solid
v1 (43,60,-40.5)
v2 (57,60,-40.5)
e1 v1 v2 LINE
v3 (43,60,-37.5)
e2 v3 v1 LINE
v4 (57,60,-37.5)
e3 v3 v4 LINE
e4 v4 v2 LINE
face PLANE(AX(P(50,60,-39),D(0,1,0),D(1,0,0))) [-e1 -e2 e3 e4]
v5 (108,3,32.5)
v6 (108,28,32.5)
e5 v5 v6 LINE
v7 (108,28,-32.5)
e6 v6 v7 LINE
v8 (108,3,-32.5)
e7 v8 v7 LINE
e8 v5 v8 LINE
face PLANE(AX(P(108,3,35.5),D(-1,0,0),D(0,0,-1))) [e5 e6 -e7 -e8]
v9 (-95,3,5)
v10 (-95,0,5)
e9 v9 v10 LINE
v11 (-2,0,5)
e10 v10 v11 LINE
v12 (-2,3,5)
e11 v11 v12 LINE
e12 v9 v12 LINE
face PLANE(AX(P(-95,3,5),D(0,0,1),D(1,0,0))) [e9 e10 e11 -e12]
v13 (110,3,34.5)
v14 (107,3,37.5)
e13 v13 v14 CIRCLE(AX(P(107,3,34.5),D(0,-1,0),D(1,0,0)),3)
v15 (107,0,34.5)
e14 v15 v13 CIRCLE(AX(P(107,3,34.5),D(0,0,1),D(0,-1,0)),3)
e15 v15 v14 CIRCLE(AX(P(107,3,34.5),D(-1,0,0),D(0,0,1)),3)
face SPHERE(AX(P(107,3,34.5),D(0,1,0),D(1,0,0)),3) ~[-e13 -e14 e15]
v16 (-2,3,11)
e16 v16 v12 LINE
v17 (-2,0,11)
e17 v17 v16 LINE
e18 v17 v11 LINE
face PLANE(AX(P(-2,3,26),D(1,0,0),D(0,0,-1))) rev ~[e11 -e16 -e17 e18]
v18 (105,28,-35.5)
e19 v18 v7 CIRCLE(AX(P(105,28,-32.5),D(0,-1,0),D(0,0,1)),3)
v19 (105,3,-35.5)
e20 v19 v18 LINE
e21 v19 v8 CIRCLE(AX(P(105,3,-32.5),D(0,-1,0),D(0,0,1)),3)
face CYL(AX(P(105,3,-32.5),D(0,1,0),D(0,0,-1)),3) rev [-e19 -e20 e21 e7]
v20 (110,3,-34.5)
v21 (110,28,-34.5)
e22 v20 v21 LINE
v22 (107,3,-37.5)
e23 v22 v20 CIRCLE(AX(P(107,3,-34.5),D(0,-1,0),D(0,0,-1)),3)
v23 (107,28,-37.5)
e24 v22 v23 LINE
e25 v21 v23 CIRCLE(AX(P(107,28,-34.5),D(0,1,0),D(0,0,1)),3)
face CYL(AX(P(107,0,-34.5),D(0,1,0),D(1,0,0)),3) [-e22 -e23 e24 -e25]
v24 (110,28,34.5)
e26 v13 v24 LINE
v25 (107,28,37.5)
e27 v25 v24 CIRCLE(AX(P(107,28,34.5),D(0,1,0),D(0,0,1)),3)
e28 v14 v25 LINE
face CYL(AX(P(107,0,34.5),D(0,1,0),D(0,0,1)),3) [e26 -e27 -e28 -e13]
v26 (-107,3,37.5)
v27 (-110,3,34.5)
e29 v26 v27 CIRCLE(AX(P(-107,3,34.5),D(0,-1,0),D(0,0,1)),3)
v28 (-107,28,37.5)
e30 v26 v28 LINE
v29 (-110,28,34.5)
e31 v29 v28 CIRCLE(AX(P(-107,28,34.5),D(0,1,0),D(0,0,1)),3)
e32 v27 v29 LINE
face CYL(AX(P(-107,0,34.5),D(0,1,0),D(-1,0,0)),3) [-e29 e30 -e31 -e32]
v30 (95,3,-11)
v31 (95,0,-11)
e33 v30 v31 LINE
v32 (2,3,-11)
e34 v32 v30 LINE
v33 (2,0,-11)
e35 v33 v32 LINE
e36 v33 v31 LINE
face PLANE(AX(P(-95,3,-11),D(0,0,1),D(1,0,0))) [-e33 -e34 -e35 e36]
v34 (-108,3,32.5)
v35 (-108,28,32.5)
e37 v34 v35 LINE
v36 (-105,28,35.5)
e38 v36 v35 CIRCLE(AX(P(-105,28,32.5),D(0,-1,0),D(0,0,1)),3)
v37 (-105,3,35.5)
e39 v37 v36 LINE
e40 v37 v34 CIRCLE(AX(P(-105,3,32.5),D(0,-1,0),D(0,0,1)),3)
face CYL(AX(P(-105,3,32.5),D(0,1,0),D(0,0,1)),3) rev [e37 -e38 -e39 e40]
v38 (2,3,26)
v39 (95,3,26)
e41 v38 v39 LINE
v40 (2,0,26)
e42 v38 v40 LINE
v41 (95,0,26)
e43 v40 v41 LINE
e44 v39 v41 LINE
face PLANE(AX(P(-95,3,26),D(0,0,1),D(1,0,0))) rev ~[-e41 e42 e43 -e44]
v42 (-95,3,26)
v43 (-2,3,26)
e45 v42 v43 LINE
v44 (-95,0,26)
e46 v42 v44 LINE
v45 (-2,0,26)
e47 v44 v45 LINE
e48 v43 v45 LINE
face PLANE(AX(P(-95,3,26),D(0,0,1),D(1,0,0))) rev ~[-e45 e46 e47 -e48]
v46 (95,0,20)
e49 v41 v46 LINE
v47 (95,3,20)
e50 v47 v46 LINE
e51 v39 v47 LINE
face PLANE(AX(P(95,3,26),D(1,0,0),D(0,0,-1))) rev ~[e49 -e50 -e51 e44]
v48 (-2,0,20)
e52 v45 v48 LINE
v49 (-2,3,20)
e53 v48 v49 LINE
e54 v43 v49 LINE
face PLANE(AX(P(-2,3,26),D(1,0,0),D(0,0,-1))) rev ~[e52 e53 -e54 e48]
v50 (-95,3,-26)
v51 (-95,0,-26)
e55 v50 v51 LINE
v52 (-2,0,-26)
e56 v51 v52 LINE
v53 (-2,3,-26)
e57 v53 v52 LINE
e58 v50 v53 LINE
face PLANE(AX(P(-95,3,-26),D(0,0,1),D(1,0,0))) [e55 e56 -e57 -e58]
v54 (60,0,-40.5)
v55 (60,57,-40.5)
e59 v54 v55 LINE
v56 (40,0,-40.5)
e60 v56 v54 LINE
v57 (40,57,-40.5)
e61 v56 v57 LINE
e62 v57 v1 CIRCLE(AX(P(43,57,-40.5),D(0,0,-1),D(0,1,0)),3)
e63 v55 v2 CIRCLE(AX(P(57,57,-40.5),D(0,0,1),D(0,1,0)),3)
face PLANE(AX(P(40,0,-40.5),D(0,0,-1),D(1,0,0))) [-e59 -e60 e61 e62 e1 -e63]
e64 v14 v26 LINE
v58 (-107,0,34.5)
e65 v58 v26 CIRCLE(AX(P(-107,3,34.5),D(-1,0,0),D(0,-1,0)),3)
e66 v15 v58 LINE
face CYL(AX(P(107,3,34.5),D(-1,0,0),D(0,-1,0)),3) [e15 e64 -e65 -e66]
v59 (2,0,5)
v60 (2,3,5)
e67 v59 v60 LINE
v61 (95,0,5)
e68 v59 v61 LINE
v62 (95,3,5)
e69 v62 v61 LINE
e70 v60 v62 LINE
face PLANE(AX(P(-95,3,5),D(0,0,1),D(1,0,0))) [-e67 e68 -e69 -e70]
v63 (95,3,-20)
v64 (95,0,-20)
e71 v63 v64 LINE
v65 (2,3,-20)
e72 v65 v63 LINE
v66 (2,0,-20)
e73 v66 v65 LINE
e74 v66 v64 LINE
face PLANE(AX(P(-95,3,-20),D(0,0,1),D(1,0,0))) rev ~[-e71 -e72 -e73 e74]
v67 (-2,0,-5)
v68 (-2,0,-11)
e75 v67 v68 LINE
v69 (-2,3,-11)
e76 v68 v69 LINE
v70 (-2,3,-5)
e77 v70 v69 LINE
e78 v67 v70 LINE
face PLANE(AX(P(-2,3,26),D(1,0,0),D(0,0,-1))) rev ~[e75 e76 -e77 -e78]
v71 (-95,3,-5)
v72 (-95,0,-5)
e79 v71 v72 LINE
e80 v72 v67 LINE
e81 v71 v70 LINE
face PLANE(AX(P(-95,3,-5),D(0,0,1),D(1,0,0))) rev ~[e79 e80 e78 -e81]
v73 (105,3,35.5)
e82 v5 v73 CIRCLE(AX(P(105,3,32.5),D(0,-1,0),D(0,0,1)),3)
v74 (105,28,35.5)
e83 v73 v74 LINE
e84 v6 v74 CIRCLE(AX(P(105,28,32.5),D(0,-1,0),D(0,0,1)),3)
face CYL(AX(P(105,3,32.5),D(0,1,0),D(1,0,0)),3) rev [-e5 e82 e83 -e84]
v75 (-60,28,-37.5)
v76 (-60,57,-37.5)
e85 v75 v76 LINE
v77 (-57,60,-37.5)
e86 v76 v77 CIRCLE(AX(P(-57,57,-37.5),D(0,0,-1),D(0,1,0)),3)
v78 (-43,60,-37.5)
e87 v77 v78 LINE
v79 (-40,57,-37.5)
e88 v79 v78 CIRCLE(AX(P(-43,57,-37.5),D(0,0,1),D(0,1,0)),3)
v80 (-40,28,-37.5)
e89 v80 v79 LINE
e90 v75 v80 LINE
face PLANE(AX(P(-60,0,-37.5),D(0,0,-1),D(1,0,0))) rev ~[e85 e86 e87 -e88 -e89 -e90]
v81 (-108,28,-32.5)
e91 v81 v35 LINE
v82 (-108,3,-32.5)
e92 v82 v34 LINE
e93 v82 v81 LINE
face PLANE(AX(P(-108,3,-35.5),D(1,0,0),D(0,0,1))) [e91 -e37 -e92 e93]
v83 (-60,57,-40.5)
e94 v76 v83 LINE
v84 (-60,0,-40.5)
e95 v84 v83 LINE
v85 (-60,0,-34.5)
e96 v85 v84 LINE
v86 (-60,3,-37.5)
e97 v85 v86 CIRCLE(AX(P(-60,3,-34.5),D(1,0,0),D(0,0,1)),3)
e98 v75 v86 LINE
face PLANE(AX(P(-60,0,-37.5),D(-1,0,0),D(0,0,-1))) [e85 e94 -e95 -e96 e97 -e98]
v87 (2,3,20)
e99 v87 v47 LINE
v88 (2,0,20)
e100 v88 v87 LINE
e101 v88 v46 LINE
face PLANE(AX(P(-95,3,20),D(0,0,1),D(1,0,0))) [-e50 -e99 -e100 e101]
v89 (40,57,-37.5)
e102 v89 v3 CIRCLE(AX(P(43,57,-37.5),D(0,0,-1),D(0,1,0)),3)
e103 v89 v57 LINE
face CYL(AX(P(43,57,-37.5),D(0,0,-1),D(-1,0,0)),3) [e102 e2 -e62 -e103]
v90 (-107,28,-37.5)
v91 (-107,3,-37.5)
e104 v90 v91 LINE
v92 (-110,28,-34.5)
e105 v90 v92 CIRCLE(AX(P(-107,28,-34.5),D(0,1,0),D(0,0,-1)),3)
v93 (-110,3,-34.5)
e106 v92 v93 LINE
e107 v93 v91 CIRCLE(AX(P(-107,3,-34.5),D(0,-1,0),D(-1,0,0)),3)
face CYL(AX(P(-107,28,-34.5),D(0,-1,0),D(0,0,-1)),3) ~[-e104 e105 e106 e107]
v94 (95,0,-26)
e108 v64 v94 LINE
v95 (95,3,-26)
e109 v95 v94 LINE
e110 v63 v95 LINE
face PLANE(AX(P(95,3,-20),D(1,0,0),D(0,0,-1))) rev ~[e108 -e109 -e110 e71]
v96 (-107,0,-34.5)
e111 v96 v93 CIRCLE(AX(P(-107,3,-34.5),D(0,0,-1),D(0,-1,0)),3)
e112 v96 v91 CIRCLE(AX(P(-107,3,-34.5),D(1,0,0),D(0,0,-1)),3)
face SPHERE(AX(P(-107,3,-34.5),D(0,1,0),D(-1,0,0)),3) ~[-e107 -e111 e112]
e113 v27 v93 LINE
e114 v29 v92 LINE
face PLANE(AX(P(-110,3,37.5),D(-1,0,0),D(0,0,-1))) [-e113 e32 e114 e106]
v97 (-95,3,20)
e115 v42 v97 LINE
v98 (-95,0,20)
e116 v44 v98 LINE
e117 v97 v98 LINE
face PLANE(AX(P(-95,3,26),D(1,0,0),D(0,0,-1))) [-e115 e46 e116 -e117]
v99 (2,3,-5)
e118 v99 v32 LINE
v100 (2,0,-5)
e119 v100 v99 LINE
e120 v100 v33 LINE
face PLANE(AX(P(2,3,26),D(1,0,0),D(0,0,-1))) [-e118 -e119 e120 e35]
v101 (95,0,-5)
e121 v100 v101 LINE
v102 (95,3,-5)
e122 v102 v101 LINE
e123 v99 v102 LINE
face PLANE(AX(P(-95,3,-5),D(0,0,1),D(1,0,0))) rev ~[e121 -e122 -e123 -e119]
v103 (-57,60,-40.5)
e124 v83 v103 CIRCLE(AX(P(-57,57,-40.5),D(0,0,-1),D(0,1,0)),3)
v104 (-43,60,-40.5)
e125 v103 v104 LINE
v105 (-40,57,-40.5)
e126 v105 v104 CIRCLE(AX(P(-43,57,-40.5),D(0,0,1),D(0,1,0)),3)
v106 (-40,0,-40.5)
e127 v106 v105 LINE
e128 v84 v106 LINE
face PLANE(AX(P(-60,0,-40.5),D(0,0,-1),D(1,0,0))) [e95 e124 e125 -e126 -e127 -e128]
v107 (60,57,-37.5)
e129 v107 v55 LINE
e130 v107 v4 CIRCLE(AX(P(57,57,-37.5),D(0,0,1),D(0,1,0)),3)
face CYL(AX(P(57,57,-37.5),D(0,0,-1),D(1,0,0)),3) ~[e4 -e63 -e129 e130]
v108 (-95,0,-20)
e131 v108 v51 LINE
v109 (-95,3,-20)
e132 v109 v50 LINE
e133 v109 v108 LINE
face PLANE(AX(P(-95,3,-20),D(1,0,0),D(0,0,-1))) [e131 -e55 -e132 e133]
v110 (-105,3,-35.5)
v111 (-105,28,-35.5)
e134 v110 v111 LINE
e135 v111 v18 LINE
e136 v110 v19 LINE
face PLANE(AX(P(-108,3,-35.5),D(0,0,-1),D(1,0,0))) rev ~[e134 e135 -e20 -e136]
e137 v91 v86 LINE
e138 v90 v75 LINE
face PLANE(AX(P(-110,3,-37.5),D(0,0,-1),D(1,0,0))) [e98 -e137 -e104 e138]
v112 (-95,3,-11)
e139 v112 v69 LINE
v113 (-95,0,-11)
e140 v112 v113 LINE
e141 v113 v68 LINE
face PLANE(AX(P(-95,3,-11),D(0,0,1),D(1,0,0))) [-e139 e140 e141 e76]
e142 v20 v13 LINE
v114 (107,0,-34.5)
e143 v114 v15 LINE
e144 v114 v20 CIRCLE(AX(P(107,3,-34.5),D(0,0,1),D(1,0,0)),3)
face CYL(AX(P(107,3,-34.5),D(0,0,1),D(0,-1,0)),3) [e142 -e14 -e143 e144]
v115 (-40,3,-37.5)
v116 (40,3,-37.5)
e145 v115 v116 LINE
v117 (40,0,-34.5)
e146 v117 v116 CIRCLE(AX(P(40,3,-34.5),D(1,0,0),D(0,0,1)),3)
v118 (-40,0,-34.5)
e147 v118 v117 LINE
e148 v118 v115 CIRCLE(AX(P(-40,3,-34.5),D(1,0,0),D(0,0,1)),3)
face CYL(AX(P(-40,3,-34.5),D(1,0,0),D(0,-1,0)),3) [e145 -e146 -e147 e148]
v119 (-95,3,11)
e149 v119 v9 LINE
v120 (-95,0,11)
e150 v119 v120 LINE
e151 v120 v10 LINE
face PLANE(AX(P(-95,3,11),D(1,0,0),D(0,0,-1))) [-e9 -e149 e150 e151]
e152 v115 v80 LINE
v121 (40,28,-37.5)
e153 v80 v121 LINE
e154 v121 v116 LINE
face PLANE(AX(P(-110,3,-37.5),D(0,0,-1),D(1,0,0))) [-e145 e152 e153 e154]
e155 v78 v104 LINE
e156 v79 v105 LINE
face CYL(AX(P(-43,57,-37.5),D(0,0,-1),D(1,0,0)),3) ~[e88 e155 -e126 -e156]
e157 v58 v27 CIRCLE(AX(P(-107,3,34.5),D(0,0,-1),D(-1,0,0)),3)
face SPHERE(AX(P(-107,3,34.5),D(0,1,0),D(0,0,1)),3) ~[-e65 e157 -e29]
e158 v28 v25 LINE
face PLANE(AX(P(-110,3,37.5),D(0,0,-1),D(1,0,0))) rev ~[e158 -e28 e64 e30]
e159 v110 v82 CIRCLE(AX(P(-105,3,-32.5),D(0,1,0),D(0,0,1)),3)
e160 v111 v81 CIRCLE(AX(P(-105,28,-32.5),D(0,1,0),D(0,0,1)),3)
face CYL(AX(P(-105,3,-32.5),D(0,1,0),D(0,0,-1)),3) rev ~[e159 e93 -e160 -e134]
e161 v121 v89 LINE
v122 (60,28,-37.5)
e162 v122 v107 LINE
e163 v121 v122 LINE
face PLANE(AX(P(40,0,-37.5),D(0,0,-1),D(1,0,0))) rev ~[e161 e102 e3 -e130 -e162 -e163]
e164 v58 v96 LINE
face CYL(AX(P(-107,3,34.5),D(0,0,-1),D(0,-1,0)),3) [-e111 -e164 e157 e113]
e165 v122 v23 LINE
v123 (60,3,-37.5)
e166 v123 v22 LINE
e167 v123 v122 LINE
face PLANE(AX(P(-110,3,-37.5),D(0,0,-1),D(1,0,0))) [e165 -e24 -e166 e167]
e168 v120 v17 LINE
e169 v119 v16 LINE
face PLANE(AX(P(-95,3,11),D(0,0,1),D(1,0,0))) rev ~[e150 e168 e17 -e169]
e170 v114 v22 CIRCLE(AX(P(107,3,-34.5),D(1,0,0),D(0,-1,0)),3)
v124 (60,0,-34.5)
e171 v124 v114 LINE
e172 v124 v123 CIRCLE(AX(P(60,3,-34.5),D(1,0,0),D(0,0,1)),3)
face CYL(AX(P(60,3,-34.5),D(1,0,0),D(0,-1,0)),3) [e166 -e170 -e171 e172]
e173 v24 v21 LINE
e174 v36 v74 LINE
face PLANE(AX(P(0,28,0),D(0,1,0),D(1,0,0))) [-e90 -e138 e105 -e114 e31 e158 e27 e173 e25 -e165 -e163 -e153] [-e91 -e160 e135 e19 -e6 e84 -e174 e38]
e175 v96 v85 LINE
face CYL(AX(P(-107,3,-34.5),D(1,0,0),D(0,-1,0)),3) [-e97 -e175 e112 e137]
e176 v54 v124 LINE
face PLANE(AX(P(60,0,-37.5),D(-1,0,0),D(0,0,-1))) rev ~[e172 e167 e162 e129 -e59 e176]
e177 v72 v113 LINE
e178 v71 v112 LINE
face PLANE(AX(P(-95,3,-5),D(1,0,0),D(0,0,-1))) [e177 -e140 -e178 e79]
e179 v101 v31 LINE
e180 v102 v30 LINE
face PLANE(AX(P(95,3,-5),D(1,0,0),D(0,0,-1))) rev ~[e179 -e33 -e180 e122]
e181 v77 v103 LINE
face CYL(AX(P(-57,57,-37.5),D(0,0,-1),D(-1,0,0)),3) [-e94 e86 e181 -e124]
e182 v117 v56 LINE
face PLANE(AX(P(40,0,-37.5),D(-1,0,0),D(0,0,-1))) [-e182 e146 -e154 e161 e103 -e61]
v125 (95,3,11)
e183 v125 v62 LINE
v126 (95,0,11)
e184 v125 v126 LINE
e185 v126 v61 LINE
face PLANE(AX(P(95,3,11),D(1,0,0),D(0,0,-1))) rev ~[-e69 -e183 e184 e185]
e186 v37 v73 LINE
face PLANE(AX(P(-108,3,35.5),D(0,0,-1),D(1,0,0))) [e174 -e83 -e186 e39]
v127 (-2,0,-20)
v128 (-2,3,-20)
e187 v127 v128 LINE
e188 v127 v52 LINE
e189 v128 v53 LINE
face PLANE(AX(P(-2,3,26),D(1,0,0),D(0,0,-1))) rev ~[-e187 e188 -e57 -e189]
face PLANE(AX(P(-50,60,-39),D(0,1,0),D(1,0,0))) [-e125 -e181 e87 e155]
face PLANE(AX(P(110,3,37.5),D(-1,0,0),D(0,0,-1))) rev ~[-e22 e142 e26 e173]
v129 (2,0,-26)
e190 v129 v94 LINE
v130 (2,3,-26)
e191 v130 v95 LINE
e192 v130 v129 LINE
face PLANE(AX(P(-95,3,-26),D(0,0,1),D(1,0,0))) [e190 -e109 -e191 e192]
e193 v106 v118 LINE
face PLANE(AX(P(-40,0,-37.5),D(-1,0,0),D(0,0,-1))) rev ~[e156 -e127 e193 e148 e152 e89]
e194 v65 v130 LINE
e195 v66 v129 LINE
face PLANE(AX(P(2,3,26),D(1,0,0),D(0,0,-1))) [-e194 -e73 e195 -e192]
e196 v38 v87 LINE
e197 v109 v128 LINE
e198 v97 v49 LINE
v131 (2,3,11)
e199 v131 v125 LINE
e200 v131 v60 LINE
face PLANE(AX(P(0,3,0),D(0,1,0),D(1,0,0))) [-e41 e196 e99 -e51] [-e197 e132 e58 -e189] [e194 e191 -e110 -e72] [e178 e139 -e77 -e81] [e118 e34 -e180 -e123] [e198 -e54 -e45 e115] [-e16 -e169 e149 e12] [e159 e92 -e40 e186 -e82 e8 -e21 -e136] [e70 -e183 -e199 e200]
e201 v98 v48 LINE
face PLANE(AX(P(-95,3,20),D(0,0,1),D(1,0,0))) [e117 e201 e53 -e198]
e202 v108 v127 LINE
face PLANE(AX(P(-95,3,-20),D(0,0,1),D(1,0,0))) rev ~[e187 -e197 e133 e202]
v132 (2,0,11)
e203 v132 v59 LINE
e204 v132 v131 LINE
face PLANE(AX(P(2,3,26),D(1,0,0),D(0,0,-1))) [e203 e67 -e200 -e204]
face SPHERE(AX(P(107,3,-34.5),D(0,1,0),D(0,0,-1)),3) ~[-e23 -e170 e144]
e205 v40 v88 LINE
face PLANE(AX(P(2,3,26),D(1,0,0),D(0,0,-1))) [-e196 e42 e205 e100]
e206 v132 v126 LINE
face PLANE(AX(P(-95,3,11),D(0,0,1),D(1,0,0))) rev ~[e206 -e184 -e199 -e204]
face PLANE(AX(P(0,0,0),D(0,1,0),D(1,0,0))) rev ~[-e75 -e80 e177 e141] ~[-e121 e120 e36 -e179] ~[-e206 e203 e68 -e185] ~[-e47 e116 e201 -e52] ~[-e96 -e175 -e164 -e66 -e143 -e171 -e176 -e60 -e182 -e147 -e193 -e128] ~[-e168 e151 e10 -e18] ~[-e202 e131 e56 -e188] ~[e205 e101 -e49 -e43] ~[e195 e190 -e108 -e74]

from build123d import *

# Parameters (mm, degrees)
SKIZZE1_W                       = 220
SKIZZE1_H                       = 75
AUFSATZ_LINEAR_AUSTRAGEN1_DEPTH = 3
SKIZZE3_W                       = 20
SKIZZE3_H                       = 3
AUFSATZ_LINEAR_AUSTRAGEN3_DEPTH = 60
SKIZZE4_W                       = 220
SKIZZE4_H                       = 75
AUFSATZ_LINEAR_AUSTRAGEN4_DEPTH = 25
SKIZZE5_W                       = 190
SKIZZE5_H                       = 6
SCHNITT_LINEAR_AUSTRAGEN1_DEPTH = 131.342817217
SKIZZE6_W                       = 4
SKIZZE6_H                       = 52
AUFSATZ_LINEAR_AUSTRAGEN5_DEPTH = 3
VERRUNDUNG1_R                   = 3
VERRUNDUNG2_R                   = 3
VERRUNDUNG3_R                   = 3
VERRUNDUNG4_R                   = 3


with BuildPart() as part:
    # Skizze1 → Aufsatz-Linear austragen1 (new body)
    with BuildSketch(Plane(origin=(0, 0, 0), x_dir=(1, 0, 0), z_dir=(0, 1, 0))):
        Rectangle(SKIZZE1_W, SKIZZE1_H)
    extrude(amount=AUFSATZ_LINEAR_AUSTRAGEN1_DEPTH)

    # Skizze3 → Aufsatz-Linear austragen3 (add)
    with BuildSketch(Plane(origin=(0, 0, 0), x_dir=(1, 0, 0), z_dir=(0, 1, 0))):
        with Locations((50, 39)):
            Rectangle(SKIZZE3_W, SKIZZE3_H)
        with Locations((-50, 39)):
            Rectangle(SKIZZE3_W, SKIZZE3_H)
    extrude(amount=AUFSATZ_LINEAR_AUSTRAGEN3_DEPTH)

    # Skizze4 → Aufsatz-Linear austragen4 (add)
    with BuildSketch(Plane(origin=(0, 3, 0), x_dir=(1, 0, 0), z_dir=(0, 1, 0))):
        Rectangle(SKIZZE4_W, SKIZZE4_H)
        Polygon((108, 35.5), (60, 35.5), (40, 35.5), (-40, 35.5), (-60, 35.5), (-108, 35.5), (-108, -35.5), (108, -35.5), align=None, mode=Mode.SUBTRACT)
    extrude(amount=AUFSATZ_LINEAR_AUSTRAGEN4_DEPTH)

    # Skizze5 → Schnitt-Linear austragen1 (cut, through all)
    with BuildSketch(Plane(origin=(0, 3, 0), x_dir=(1, 0, 0), z_dir=(0, 1, 0))):
        with Locations((0, 23)):
            Rectangle(SKIZZE5_W, SKIZZE5_H)
        with Locations((0, 8)):
            Rectangle(SKIZZE5_W, SKIZZE5_H)
        with Locations((0, -8)):
            Rectangle(SKIZZE5_W, SKIZZE5_H)
        with Locations((0, -23)):
            Rectangle(SKIZZE5_W, SKIZZE5_H)
    extrude(amount=-SCHNITT_LINEAR_AUSTRAGEN1_DEPTH, mode=Mode.SUBTRACT)

    # Skizze6 → Aufsatz-Linear austragen5 (add, through all)
    with BuildSketch(Plane(origin=(0, 3, 0), x_dir=(1, 0, 0), z_dir=(0, 1, 0))):
        Rectangle(SKIZZE6_W, SKIZZE6_H)
    extrude(amount=-AUFSATZ_LINEAR_AUSTRAGEN5_DEPTH)

    # Verrundung1
    verrundung1_edges = [part.edges().sort_by_distance(p)[0] for p in [
        (40, 60, -39),
        (60, 60, -39),
        (-40, 60, -39),
        (-60, 60, -39),
    ]]
    fillet(verrundung1_edges, radius=VERRUNDUNG1_R)

    # Verrundung2
    verrundung2_edges = [part.edges().sort_by_distance(p)[0] for p in [
        (108, 15.5, -35.5),
        (-108, 15.5, -35.5),
        (-108, 15.5, 35.5),
        (108, 15.5, 35.5),
        (110, 14, -37.5),
        (110, 14, 37.5),
        (-110, 14, 37.5),
        (-110, 14, -37.5),
    ]]
    fillet(verrundung2_edges, radius=VERRUNDUNG2_R)

    # Verrundung3
    verrundung3_edges = [part.edges().sort_by_distance(p)[0] for p in [
        (-110, 0, 0),
        (83.5, 0, -37.5),
        (110, 0, 0),
        (0, 0, 37.5),
        (109.121320344, 0, 36.621320344),
        (109.121320344, 0, -36.621320344),
        (-109.121320344, 0, 36.621320344),
        (-109.121320344, 0, -36.621320344),
        (-83.5, 0, -37.5),
    ]]
    fillet(verrundung3_edges, radius=VERRUNDUNG3_R)

    # Verrundung4
    verrundung4_edges = [part.edges().sort_by_distance(p)[0] for p in [
        (0, 0, -37.5),
    ]]
    fillet(verrundung4_edges, radius=VERRUNDUNG4_R)


solid = part.part
